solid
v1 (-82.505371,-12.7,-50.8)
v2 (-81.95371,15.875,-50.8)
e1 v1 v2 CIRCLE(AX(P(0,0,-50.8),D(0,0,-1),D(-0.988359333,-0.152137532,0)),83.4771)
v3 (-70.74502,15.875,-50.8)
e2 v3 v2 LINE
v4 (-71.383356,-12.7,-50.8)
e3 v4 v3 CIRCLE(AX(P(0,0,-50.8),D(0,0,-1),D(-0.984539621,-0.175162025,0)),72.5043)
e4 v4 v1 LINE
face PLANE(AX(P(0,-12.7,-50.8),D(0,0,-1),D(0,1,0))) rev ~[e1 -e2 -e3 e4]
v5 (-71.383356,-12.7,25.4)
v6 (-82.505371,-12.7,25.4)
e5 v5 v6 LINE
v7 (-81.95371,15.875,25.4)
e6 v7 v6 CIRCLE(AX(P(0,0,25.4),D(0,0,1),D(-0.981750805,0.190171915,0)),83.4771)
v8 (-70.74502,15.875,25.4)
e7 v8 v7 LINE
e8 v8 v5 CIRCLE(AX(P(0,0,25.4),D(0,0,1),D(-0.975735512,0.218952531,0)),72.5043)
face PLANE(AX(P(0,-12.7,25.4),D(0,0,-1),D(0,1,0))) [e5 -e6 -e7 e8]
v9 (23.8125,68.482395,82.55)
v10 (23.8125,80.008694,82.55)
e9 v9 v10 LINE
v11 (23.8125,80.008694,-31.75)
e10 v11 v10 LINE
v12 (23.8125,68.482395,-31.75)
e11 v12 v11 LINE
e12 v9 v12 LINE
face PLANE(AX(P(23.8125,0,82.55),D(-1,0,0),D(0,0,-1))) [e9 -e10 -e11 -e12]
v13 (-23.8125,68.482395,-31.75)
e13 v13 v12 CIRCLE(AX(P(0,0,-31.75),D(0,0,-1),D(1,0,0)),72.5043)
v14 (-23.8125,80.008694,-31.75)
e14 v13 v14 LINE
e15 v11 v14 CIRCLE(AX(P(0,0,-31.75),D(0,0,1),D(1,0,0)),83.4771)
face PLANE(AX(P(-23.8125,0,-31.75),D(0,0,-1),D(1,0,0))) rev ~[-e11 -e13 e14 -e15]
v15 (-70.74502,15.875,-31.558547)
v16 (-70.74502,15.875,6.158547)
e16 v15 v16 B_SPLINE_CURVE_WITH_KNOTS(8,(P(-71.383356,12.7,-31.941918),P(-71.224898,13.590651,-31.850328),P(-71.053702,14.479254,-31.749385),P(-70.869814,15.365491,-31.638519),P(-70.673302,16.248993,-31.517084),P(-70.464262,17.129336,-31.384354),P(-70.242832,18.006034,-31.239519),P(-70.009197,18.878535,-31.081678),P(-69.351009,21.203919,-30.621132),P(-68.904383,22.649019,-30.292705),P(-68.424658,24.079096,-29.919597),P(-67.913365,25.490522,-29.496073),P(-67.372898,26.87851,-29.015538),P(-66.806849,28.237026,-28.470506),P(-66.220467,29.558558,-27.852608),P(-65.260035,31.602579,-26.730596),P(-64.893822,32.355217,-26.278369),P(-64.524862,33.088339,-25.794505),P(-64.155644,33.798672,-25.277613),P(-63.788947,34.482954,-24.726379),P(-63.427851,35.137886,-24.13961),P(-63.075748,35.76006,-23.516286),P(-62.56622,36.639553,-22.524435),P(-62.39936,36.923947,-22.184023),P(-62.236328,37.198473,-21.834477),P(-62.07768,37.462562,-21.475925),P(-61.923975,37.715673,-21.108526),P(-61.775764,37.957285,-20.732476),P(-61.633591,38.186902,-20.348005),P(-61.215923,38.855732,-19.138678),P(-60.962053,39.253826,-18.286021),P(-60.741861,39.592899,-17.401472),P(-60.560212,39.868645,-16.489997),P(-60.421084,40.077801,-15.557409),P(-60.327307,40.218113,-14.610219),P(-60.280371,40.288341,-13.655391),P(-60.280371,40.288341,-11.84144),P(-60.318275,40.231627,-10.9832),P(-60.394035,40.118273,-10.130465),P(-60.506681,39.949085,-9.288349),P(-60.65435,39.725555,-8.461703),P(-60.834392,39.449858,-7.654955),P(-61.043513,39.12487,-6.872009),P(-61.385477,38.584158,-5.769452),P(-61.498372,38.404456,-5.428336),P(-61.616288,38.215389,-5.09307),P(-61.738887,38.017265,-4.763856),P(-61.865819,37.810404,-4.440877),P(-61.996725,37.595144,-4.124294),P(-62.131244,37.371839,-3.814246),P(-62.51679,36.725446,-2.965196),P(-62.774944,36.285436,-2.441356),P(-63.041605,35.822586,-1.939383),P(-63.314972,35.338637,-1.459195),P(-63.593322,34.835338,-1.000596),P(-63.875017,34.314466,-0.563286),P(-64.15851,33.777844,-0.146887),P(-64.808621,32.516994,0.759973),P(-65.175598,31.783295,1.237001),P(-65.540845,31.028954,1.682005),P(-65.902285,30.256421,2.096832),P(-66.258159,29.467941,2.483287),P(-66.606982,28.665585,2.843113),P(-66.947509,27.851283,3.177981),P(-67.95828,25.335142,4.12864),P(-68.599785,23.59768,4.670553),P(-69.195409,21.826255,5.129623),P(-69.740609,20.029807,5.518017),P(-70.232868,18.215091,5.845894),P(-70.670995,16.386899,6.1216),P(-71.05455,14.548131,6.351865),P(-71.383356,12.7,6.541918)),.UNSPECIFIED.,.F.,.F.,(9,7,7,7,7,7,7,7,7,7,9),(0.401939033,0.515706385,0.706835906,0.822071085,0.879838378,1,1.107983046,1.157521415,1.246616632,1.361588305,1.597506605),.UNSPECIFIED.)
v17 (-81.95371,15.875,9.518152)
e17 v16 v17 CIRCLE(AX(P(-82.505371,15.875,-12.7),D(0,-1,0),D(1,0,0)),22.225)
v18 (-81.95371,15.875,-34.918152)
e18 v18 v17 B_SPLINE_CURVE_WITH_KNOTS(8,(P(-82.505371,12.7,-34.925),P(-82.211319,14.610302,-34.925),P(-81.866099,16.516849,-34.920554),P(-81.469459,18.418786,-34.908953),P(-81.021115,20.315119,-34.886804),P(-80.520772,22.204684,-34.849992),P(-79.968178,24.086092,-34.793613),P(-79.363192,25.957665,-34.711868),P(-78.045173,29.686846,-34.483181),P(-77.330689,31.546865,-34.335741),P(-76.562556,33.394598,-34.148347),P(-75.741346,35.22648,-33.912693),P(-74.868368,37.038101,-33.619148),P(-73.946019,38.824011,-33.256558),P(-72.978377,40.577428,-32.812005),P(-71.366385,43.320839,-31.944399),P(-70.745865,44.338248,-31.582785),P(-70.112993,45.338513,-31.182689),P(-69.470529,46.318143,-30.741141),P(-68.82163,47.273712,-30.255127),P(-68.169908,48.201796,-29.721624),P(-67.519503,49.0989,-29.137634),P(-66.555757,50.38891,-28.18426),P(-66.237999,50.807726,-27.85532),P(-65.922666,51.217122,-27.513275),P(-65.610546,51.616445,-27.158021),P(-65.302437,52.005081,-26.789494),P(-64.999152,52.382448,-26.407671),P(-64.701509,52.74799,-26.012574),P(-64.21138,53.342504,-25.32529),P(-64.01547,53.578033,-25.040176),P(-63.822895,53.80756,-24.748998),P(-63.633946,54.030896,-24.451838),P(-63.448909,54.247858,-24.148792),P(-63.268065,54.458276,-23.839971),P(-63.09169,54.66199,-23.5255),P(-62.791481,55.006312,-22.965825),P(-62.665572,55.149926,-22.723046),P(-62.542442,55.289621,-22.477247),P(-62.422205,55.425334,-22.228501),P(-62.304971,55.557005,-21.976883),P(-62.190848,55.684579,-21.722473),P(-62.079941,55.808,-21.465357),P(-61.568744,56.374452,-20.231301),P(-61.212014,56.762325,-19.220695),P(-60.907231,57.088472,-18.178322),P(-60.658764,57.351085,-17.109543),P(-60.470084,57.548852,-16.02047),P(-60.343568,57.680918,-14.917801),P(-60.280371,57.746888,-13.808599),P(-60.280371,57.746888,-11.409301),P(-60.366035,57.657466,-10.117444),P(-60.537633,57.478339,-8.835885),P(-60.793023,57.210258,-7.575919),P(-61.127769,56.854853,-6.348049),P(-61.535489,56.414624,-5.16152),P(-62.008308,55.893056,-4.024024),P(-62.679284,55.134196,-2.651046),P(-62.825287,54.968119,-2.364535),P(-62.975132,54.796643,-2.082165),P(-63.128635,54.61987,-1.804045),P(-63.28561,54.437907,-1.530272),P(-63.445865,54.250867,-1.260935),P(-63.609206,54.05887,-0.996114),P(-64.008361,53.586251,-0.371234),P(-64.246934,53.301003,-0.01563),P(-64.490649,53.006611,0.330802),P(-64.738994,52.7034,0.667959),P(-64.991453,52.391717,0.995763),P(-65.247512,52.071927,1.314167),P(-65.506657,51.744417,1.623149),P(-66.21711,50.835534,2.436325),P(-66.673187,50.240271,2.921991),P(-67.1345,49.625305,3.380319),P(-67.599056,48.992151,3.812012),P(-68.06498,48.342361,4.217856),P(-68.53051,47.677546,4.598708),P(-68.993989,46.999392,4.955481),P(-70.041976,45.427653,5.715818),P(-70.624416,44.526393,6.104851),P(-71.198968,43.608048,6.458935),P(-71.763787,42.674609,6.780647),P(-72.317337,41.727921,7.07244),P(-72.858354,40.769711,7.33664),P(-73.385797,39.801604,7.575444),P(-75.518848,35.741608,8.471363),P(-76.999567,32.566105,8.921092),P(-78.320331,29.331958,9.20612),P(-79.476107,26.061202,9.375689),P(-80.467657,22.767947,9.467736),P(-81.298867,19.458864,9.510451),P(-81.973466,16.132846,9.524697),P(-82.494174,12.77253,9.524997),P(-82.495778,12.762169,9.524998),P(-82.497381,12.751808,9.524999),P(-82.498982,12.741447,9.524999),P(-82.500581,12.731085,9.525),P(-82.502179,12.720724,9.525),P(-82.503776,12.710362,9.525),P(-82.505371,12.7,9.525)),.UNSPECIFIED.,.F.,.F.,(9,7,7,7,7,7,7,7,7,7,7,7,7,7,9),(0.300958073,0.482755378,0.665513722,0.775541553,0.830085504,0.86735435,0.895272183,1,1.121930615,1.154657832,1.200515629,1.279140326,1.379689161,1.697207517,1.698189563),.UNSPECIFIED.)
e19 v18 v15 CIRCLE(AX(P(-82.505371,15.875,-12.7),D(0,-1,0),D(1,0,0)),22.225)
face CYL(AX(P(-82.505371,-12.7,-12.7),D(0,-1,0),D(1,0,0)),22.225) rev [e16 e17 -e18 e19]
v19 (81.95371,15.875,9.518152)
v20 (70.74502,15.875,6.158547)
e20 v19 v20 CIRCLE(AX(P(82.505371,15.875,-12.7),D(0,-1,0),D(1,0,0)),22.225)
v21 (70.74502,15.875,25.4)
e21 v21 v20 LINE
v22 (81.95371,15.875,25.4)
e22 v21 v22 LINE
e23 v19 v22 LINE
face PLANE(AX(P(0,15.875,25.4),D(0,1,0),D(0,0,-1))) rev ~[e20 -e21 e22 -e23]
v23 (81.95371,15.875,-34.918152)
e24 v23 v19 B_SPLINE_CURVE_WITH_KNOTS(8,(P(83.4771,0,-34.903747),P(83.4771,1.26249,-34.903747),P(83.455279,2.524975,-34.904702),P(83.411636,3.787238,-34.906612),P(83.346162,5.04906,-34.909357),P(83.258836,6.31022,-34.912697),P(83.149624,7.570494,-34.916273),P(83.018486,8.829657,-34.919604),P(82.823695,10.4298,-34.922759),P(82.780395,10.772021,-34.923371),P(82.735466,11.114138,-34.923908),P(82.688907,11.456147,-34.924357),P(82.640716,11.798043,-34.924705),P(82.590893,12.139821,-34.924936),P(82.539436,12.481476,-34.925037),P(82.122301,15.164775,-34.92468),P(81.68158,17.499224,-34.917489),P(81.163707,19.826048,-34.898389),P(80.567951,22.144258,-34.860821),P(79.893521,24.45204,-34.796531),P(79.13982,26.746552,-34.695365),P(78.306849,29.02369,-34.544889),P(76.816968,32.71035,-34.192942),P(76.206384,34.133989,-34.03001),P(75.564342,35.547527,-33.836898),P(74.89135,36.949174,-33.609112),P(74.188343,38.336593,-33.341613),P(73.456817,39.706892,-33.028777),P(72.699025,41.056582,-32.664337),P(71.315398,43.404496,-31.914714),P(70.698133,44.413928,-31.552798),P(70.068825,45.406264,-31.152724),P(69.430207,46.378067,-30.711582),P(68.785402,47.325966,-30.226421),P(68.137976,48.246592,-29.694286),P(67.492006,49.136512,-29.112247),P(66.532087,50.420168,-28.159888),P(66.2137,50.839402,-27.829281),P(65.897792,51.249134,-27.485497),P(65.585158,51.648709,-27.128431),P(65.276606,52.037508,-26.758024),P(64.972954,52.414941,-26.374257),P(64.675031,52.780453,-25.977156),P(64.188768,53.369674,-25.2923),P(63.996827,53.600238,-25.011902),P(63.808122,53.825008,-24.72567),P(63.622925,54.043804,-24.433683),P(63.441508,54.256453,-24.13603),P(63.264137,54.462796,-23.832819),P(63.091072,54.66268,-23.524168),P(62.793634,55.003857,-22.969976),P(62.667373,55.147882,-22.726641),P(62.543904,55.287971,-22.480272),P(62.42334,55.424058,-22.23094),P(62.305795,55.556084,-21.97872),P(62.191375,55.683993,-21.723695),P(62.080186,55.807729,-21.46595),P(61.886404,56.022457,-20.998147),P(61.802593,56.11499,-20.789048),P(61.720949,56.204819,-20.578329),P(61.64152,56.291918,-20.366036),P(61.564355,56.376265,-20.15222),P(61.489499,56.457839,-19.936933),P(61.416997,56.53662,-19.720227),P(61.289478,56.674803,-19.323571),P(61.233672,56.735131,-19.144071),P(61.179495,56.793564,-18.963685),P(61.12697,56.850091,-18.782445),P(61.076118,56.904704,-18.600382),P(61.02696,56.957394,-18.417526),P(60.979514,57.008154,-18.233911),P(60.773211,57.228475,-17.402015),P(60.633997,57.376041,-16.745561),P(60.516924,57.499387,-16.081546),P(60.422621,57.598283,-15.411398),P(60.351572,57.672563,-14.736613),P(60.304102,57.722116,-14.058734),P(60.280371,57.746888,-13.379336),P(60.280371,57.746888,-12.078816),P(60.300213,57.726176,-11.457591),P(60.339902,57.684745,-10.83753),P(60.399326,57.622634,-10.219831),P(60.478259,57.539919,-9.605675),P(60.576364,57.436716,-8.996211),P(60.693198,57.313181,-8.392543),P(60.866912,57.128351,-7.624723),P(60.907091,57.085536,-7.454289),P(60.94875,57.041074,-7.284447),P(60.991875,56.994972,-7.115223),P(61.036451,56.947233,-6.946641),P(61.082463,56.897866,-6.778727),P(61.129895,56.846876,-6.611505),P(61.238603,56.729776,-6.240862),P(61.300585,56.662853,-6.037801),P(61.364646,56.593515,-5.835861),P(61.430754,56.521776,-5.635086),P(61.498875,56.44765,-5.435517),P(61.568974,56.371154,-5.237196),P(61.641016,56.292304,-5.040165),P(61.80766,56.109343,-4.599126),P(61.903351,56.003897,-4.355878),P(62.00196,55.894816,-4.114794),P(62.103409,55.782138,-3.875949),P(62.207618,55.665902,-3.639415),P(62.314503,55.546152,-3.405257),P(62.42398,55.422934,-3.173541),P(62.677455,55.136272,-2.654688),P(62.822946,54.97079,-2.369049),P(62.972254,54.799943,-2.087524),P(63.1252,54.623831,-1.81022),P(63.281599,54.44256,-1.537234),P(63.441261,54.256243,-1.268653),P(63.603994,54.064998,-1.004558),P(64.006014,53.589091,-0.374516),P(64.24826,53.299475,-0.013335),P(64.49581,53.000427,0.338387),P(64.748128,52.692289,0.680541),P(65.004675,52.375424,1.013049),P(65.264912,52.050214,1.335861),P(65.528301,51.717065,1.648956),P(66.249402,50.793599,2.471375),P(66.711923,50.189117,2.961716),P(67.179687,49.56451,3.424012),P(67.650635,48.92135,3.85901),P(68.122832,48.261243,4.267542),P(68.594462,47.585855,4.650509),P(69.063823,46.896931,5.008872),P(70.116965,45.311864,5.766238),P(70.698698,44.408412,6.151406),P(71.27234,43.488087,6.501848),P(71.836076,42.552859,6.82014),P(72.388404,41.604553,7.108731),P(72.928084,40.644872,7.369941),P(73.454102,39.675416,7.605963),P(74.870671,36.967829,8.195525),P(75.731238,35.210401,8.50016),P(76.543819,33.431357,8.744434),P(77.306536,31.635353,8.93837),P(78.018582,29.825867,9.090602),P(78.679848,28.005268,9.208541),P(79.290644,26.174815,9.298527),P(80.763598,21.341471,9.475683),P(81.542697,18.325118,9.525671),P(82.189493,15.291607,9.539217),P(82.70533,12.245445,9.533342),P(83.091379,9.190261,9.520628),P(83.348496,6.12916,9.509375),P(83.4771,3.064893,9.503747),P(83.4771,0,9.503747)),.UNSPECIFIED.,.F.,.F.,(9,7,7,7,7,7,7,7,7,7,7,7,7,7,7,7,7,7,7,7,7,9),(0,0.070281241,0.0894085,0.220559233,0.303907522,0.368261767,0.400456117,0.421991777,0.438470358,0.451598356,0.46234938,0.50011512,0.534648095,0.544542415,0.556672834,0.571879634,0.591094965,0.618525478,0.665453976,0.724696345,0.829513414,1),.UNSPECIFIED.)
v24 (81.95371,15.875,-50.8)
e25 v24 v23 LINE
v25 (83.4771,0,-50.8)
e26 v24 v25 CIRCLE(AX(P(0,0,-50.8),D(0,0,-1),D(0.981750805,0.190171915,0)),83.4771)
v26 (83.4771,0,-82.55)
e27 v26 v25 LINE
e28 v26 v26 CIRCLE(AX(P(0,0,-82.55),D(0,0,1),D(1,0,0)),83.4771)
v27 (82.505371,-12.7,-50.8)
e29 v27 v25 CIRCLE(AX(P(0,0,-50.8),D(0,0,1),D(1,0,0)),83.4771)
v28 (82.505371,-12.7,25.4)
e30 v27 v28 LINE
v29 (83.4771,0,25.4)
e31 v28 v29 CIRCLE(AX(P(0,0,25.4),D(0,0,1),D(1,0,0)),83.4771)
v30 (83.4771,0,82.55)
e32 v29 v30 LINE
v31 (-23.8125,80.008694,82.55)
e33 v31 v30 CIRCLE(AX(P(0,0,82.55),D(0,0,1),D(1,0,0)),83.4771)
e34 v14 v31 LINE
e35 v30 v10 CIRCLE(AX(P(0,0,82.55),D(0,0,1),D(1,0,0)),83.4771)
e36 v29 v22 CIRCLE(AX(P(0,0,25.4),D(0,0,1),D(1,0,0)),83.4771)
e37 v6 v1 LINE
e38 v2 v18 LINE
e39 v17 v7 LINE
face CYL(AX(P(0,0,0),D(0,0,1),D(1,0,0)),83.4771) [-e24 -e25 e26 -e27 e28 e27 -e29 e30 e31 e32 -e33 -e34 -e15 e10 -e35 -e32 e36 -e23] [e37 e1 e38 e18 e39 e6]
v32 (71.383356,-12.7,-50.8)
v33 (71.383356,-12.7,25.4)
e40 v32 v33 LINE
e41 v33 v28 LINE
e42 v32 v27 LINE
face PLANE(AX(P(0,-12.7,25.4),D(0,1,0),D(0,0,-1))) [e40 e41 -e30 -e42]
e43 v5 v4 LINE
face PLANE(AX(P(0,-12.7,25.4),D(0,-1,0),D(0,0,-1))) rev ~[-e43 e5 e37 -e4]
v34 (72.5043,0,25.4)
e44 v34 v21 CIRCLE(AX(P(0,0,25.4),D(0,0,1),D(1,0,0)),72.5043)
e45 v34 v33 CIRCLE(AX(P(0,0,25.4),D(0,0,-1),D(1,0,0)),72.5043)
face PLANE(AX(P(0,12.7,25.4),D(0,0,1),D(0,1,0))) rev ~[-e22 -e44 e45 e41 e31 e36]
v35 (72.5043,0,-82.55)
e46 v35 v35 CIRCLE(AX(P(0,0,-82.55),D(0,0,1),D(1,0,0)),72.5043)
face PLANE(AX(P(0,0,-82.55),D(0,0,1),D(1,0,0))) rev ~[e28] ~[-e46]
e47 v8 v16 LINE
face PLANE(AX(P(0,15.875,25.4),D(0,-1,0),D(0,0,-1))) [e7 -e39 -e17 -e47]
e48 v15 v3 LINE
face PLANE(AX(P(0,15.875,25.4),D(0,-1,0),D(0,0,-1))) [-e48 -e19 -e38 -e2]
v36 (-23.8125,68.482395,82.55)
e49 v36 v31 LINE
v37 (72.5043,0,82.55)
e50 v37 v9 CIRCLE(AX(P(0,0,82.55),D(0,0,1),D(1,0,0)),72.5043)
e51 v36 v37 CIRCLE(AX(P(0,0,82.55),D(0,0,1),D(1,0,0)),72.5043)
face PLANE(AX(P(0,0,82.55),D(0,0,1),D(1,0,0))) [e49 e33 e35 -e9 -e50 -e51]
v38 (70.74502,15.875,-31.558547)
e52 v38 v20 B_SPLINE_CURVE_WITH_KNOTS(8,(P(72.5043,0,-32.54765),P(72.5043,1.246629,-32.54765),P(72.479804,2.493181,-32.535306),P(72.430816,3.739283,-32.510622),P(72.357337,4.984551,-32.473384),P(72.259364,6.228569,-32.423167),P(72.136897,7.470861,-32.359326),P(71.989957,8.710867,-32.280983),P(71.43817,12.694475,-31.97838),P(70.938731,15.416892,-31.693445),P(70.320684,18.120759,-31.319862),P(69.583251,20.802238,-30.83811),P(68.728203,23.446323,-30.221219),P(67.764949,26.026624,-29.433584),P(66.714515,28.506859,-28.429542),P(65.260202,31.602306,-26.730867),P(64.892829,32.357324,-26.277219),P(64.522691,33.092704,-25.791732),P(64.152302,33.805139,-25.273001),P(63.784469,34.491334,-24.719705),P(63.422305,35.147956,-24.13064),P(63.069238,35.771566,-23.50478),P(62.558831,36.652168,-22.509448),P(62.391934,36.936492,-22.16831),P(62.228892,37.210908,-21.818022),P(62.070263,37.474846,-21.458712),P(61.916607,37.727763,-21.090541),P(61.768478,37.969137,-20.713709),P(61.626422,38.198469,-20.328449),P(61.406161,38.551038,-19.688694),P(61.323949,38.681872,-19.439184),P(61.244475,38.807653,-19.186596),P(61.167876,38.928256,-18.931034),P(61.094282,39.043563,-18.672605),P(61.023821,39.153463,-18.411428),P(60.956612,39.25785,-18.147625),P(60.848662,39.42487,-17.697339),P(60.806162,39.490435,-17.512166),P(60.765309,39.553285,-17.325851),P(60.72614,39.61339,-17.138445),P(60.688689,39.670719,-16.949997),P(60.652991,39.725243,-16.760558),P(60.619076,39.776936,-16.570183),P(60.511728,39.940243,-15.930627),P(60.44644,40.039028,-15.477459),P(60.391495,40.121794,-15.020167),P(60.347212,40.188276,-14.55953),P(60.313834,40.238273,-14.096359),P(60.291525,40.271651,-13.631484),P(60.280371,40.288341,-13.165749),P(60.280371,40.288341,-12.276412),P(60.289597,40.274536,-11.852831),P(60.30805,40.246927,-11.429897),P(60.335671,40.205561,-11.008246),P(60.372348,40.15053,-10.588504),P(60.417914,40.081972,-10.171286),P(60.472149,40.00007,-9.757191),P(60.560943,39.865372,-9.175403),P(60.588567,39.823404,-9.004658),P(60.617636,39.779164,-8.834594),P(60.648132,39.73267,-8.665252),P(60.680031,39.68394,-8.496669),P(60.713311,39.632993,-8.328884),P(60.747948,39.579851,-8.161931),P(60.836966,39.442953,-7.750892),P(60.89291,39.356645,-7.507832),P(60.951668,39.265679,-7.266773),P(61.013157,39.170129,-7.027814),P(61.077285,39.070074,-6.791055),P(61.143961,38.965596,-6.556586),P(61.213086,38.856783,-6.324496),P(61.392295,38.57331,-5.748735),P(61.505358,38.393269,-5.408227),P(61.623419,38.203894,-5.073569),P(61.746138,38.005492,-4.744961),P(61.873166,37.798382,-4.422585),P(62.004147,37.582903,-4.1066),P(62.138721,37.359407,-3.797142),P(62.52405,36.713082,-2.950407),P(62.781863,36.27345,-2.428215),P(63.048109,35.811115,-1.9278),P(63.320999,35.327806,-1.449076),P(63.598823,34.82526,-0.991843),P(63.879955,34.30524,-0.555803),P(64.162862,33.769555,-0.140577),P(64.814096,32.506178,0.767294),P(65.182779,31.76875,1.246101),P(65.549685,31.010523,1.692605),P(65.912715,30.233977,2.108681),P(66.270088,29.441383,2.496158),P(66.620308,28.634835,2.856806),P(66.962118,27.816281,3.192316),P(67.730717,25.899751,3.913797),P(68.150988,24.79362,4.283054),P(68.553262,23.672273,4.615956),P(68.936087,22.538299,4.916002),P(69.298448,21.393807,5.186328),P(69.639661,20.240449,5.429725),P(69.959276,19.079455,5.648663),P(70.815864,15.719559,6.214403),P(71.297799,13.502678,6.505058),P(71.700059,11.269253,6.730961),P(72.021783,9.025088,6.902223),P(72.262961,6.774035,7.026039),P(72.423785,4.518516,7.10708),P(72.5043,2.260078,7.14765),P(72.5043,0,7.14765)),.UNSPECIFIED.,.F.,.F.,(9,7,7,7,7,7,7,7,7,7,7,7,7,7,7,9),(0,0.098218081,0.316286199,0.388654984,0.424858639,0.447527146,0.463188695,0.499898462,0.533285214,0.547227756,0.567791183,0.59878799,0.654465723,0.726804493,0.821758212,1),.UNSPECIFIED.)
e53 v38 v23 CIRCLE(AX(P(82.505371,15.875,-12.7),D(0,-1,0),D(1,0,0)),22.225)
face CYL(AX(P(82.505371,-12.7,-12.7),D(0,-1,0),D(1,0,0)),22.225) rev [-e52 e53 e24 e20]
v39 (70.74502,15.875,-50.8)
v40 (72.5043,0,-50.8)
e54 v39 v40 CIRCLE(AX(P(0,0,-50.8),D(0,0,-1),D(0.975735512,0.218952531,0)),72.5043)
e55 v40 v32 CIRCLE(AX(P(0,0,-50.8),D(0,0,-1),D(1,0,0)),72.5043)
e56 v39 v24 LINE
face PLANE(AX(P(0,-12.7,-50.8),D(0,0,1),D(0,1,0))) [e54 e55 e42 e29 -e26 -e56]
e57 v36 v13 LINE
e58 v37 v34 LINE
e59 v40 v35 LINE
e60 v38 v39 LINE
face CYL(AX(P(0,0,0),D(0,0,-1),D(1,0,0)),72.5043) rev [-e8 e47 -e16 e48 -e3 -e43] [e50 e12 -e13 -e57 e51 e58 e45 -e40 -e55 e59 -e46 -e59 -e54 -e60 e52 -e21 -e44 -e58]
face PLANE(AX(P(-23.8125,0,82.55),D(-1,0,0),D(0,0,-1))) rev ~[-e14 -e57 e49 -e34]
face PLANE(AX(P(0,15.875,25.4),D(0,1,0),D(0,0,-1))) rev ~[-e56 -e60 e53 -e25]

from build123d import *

# Parameters (mm, degrees)
SKETCH1_R               = 83.4771
SKETCH1_R_2             = 72.5043
BOSS_EXTRUDE1_DEPTH     = 82.55
SKETCH2_W               = 47.625
SKETCH2_H               = 114.3
CUT_EXTRUDE1_DEPTH      = 84.4771
SKETCH3_W               = 76.2
SKETCH3_H               = 25.4
CUT_EXTRUDE2_DEPTH      = 84.4771
CUT_EXTRUDE2_DEPTH_BACK = 84.4771
SKETCH4_R               = 22.225
CUT_EXTRUDE3_DEPTH      = 97.1771
SKETCH6_W               = 76.2
SKETCH6_H               = 3.175
CUT_EXTRUDE4_DEPTH      = 84.4771001
CUT_EXTRUDE4_DEPTH_BACK = 84.4771001


with BuildPart() as part:
    # Sketch1 → Boss-Extrude1 (new body, symmetric)
    with BuildSketch(Plane.XY):
        Circle(SKETCH1_R)
        Circle(SKETCH1_R_2, mode=Mode.SUBTRACT)
    extrude(amount=BOSS_EXTRUDE1_DEPTH, both=True)

    # Sketch2 → Cut-Extrude1 (cut, through all)
    with BuildSketch(Plane(origin=(0, 0, 0), x_dir=(1, 0, 0), z_dir=(0, 1, 0))):
        with Locations((0, -25.4)):
            Rectangle(SKETCH2_W, SKETCH2_H)
    extrude(amount=CUT_EXTRUDE1_DEPTH, mode=Mode.SUBTRACT)

    # Sketch3 → Cut-Extrude2 (cut, two sides)
    with BuildSketch(Plane(origin=(0, 0, 0), x_dir=(0, 0, -1), z_dir=(1, 0, 0))) as cut_extrude2_sk:
        with Locations((12.7, 0)):
            Rectangle(SKETCH3_W, SKETCH3_H)
    extrude(amount=CUT_EXTRUDE2_DEPTH, mode=Mode.SUBTRACT)
    extrude(cut_extrude2_sk.sketch, amount=-CUT_EXTRUDE2_DEPTH_BACK, mode=Mode.SUBTRACT)

    # Sketch4 → Cut-Extrude3 (cut, through all)
    with BuildSketch(Plane(origin=(0, -12.7, 0), x_dir=(1, 0, 0), z_dir=(0, 1, 0))):
        with Locations((-82.505370882, 12.7)):
            Circle(SKETCH4_R)
        with Locations((82.505370882, 12.7)):
            Circle(SKETCH4_R)
    extrude(amount=CUT_EXTRUDE3_DEPTH, mode=Mode.SUBTRACT)

    # Sketch6 → Cut-Extrude4 (cut, two sides)
    with BuildSketch(Plane(origin=(0, 0, 0), x_dir=(0, 0, -1), z_dir=(1, 0, 0))) as cut_extrude4_sk:
        with Locations((12.7, 14.2875)):
            Rectangle(SKETCH6_W, SKETCH6_H)
    extrude(amount=CUT_EXTRUDE4_DEPTH, mode=Mode.SUBTRACT)
    extrude(cut_extrude4_sk.sketch, amount=-CUT_EXTRUDE4_DEPTH_BACK, mode=Mode.SUBTRACT)


solid = part.part
